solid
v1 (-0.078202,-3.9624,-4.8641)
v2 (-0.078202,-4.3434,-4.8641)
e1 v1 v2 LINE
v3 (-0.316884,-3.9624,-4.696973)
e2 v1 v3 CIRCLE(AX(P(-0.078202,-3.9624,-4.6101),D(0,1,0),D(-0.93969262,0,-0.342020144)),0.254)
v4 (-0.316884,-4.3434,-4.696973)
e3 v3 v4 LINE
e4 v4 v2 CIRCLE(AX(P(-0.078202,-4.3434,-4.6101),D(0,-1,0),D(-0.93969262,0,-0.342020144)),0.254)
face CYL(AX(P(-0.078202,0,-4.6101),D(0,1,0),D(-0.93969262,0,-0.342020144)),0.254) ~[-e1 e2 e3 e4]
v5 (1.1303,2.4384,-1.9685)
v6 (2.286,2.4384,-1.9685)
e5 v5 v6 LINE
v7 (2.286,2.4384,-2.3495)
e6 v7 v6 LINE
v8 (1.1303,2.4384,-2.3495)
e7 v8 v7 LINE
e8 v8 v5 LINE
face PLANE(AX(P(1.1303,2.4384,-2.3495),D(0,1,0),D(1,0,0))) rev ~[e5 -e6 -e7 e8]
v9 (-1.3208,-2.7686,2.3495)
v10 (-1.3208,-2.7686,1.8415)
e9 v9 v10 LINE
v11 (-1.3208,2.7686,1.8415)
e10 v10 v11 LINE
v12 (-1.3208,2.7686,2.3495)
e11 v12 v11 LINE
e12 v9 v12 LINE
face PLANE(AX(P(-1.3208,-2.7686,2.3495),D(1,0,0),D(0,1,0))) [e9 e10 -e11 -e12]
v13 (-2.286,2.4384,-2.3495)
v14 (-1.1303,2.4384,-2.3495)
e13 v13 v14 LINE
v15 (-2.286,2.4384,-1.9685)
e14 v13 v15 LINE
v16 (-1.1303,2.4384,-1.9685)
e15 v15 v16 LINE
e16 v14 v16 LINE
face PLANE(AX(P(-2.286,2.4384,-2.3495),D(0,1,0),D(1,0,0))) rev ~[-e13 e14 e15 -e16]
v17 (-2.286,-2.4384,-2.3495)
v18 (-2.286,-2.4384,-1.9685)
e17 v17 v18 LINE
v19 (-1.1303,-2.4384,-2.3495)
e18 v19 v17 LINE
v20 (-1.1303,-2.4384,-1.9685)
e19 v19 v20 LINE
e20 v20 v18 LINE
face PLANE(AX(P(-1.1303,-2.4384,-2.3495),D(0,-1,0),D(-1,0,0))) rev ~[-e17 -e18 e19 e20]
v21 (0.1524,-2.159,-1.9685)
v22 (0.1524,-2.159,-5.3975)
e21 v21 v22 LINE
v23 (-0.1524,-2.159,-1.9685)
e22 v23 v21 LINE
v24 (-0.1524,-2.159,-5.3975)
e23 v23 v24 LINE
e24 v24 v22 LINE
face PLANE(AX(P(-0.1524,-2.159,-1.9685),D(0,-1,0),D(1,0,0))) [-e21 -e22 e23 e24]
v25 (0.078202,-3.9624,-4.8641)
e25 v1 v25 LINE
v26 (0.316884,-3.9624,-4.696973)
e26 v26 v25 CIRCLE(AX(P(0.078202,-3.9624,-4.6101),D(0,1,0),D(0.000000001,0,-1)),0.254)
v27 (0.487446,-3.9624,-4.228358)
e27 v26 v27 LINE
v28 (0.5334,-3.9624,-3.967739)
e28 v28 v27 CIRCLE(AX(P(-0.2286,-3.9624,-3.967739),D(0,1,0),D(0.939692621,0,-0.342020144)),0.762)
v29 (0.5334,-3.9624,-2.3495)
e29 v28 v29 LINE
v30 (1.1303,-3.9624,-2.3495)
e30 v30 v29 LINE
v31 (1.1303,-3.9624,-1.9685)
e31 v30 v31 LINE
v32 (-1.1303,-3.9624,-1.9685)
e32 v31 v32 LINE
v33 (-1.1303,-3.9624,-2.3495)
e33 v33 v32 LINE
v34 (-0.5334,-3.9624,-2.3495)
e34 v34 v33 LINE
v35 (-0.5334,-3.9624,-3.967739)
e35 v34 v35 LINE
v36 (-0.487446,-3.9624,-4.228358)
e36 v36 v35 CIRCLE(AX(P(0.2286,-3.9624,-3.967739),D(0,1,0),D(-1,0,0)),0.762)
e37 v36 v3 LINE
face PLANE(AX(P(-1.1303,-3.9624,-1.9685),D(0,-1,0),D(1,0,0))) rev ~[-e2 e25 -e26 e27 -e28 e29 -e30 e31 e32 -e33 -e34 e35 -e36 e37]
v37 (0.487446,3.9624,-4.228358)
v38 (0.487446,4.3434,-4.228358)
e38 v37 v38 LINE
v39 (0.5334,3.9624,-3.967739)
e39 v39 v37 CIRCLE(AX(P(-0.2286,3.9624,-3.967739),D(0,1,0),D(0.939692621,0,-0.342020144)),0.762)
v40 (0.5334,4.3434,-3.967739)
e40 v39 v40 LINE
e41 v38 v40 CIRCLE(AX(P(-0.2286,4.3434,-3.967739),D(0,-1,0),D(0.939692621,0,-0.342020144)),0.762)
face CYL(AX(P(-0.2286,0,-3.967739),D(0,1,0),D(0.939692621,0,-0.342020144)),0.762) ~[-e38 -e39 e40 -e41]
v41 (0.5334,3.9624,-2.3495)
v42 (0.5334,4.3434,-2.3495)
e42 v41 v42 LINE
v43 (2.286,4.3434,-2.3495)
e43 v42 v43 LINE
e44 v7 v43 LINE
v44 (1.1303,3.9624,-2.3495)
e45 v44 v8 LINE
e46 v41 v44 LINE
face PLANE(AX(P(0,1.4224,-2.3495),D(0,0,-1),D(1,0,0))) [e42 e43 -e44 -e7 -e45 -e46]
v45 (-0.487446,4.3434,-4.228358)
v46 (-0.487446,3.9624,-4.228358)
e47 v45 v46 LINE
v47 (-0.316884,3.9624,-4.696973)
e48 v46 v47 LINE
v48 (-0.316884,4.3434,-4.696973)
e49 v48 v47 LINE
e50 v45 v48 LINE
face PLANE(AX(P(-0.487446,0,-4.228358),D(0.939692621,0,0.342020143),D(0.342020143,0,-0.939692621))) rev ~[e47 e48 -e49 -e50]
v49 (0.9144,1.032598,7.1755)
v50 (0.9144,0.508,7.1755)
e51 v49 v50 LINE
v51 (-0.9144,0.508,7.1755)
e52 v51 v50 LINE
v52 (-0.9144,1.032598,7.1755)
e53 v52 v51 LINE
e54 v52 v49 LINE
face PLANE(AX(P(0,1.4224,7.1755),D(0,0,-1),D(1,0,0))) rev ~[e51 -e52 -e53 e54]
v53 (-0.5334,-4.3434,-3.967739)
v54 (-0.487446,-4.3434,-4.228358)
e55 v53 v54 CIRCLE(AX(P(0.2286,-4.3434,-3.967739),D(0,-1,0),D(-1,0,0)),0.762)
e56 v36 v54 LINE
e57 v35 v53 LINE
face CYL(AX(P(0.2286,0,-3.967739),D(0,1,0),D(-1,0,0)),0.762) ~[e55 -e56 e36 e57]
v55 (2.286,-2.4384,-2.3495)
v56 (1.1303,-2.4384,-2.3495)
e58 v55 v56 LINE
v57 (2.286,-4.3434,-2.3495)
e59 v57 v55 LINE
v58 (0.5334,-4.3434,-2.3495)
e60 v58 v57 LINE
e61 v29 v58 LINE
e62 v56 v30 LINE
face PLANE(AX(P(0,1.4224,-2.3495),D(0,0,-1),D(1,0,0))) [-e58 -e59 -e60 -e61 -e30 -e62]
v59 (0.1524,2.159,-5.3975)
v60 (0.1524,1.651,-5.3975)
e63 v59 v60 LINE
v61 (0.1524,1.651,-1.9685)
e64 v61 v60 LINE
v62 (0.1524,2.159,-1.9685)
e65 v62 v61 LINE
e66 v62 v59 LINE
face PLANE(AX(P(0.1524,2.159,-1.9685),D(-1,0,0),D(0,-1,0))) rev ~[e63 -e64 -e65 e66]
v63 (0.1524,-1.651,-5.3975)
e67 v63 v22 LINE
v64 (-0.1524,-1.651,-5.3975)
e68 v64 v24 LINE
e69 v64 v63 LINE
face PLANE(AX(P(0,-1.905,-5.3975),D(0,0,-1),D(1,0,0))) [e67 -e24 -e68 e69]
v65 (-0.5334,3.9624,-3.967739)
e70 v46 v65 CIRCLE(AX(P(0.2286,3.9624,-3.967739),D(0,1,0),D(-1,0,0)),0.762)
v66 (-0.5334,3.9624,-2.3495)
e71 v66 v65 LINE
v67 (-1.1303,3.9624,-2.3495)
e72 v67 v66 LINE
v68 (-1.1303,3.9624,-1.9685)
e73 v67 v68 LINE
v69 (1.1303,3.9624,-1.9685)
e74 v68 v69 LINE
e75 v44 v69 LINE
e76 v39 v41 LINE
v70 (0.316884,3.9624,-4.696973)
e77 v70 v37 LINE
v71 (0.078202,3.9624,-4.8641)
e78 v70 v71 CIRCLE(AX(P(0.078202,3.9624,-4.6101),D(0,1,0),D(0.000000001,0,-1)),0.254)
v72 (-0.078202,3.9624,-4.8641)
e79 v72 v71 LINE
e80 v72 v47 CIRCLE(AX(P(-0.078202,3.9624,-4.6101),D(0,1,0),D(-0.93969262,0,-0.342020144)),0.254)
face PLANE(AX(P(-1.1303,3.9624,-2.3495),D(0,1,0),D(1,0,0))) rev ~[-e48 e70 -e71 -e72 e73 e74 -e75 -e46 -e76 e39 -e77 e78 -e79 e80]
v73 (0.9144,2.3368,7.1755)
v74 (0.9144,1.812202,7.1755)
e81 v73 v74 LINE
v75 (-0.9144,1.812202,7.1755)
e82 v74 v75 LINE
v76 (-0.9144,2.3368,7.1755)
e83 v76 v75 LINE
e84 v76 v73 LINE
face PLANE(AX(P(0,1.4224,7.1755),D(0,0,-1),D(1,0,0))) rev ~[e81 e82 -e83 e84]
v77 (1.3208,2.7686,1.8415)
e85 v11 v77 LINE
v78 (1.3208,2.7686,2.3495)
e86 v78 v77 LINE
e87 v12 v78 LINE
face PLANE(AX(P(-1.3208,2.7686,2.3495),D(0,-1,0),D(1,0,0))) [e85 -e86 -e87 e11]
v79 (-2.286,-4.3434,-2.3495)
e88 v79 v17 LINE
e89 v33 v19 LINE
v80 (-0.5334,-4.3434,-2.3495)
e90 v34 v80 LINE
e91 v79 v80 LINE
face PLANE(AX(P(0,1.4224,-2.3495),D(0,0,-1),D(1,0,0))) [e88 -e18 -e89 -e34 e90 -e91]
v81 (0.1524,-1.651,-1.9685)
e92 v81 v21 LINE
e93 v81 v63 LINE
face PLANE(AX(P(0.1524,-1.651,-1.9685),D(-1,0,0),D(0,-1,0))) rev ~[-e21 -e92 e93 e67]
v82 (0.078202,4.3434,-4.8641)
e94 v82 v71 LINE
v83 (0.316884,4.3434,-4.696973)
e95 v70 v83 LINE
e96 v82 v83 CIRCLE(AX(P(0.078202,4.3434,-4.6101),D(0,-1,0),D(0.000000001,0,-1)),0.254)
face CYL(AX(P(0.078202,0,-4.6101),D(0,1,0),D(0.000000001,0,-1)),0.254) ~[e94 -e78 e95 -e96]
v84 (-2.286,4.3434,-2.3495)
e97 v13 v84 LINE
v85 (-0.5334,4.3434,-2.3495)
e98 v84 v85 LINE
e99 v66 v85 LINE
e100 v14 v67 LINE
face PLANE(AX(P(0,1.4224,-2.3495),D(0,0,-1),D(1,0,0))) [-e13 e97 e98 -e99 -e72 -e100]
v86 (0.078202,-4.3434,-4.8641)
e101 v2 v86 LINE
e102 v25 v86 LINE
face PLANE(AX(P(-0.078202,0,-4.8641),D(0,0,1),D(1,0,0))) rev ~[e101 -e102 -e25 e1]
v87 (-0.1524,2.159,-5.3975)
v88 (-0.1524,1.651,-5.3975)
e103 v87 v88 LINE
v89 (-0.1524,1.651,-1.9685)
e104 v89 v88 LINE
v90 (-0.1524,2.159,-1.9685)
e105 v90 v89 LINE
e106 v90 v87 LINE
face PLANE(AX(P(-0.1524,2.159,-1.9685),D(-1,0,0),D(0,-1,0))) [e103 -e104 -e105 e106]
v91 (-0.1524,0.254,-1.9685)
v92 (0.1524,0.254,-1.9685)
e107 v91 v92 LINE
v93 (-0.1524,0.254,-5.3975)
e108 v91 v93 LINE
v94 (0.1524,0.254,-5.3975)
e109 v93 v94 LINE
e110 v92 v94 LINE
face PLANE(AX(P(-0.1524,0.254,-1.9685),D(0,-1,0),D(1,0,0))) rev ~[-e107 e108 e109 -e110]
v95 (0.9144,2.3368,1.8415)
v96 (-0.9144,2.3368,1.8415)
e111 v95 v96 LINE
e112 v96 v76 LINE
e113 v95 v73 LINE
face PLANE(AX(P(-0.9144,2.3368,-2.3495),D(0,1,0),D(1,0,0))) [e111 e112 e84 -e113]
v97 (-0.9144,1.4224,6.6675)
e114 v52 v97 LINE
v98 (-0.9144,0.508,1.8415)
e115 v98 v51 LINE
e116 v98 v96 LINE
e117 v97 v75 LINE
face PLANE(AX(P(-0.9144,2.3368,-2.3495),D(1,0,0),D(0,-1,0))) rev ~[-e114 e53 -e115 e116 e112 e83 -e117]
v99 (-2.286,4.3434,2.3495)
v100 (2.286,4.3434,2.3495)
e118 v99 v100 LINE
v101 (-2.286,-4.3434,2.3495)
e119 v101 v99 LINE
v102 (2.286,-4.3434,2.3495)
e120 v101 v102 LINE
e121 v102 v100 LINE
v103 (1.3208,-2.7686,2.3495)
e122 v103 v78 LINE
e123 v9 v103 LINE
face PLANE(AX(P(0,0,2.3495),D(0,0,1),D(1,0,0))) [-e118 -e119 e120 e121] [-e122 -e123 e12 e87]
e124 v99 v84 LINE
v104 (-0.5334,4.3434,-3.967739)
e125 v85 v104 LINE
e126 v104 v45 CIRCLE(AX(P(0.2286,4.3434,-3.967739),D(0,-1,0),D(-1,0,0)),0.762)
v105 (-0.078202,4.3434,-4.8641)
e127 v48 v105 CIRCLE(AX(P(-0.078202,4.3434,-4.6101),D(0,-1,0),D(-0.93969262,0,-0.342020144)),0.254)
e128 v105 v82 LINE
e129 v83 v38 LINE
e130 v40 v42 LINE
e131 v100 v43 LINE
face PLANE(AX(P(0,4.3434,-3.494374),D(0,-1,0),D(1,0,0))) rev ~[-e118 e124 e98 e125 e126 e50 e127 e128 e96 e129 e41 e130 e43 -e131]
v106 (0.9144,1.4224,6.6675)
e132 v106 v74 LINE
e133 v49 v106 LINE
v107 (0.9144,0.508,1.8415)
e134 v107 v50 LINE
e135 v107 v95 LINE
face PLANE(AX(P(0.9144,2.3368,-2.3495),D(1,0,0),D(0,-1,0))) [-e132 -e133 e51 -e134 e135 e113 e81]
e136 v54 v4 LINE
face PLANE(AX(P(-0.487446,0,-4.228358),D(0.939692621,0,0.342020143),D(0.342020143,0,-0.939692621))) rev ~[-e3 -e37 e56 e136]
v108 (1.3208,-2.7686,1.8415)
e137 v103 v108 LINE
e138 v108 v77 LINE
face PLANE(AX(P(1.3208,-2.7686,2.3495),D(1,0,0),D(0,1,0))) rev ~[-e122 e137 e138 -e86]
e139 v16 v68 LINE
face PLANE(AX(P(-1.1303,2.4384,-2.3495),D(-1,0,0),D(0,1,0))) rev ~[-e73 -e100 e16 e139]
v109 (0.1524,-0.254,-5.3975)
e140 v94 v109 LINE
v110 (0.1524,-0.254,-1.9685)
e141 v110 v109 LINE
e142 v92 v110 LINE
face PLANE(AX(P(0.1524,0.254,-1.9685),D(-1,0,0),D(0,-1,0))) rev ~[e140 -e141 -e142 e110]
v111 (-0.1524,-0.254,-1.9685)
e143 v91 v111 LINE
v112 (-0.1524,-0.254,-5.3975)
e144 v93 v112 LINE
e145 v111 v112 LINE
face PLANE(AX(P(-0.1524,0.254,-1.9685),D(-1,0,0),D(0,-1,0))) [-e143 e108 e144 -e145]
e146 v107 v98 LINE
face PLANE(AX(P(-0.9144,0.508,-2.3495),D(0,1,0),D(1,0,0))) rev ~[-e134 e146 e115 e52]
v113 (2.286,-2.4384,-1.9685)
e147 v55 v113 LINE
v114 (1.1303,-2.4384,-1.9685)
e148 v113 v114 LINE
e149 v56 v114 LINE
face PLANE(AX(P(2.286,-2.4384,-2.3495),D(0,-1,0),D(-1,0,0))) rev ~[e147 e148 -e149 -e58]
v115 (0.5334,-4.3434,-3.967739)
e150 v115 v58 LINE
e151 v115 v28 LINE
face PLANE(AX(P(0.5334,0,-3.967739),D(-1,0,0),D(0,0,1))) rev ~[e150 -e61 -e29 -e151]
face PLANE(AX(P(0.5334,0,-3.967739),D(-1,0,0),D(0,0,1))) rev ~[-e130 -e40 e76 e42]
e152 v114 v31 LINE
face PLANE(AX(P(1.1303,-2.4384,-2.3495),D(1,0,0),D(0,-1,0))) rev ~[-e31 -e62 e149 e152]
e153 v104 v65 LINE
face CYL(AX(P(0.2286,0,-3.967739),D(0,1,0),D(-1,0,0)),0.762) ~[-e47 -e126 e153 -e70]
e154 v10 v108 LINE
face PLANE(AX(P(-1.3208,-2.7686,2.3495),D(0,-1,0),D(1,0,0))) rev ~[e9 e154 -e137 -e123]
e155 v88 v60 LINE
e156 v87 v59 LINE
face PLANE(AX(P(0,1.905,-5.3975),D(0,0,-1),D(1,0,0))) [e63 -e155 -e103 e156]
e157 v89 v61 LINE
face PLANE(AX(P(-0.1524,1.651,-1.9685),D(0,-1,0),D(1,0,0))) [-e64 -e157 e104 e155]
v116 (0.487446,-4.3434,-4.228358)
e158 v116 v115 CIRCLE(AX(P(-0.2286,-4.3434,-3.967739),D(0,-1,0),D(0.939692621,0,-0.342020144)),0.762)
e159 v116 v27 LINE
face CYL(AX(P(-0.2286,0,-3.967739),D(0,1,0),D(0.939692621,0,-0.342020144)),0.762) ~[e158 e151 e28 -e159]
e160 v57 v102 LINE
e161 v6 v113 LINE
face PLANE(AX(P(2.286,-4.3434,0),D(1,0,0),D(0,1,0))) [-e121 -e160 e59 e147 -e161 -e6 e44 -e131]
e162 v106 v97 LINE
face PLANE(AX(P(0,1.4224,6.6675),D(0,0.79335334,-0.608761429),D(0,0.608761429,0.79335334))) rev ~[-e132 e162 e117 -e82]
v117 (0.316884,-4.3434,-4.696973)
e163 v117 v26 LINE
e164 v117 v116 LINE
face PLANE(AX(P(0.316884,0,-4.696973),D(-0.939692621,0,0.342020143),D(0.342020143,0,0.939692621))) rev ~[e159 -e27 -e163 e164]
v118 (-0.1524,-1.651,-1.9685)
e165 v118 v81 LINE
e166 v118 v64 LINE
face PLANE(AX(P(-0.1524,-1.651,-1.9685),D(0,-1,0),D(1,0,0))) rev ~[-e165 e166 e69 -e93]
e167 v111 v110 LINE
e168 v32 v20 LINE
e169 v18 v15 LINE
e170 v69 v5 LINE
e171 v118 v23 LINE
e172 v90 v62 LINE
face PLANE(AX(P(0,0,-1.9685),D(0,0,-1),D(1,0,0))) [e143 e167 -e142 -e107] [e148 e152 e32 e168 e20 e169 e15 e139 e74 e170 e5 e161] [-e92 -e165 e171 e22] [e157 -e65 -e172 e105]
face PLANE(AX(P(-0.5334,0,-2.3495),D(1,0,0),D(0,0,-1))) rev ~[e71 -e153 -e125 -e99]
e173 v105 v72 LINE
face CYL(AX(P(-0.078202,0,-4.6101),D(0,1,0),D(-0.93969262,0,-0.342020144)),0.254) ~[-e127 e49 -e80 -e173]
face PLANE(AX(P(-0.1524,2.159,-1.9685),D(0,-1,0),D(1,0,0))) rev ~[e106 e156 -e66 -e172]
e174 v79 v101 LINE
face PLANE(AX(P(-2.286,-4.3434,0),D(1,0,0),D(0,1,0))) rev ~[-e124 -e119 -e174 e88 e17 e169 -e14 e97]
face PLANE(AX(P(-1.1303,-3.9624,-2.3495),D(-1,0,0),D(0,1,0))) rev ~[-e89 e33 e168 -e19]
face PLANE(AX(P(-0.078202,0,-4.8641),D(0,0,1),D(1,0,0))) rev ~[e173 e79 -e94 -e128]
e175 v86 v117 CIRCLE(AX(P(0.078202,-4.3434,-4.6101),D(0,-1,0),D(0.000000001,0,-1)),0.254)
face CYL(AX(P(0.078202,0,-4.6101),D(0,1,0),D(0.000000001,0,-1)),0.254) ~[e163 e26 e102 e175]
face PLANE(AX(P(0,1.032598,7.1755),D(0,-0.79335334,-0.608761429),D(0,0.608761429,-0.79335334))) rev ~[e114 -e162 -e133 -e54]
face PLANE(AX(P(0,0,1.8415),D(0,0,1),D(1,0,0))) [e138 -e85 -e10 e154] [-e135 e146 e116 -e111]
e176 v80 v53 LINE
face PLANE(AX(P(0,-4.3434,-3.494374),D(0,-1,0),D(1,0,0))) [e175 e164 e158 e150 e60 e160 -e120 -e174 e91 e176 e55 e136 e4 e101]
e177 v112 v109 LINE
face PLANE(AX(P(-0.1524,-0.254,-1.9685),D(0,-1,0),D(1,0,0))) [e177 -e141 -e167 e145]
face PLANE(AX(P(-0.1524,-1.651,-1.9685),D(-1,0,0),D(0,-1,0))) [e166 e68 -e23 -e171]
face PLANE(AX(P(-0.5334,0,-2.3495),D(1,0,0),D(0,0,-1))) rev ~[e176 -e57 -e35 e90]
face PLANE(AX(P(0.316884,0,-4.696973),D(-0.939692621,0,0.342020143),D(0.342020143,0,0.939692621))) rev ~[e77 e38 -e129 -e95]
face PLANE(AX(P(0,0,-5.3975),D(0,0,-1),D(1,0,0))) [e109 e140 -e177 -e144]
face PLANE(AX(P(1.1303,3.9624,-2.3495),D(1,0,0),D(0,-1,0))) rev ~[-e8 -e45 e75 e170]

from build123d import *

# Parameters (mm, degrees)
F0_W           = 4.572
F0_H           = 8.6868
F1_DEPTH       = 2.3495
F2_W           = 2.6416
F2_H           = 5.5372
F3_DEPTH       = 0.508
F4_W           = 1.8288
F4_H           = 1.8288
F5_DEPTH       = 9.525
F7_DEPTH       = 12.7
F9_DEPTH       = 0.381
F11_DEPTH      = 4.3434
F11_DEPTH_BACK = 4.3434
F12_W          = 2.2606
F12_H          = 7.9248
F13_DEPTH      = 2.8966
F14_W          = 0.3048
F14_H          = 0.508
F15_DEPTH      = 3.429


with BuildPart() as f1:
    # F0 (on Top) → F1 (new body, symmetric)
    with BuildSketch(Plane.XY):
        Rectangle(F0_W, F0_H)
    extrude(amount=F1_DEPTH, both=True)

    # F2 (on face) → F3 (cut)
    with BuildSketch(Plane.XY.offset(2.3495)):
        Rectangle(F2_W, F2_H)
    extrude(amount=-F3_DEPTH, mode=Mode.SUBTRACT)

    # F4 (on face) → F5 (join)
    with BuildSketch(Plane(origin=(0, 0, -2.3495), x_dir=(1, 0, 0), z_dir=(0, 0, -1))):
        with Locations((0, -1.4224)):
            Rectangle(F4_W, F4_H)
    extrude(amount=-F5_DEPTH)

    # F6 (on Right) → F7 (cut, symmetric)
    with BuildSketch(Plane.YZ):
        Polygon((1.8122021099, 7.1755), (1.0325978901, 7.1755), (1.4224, 6.6675), align=None)
    extrude(amount=F7_DEPTH, both=True, mode=Mode.SUBTRACT)

    # F8 (on face) → F9 (cut)
    with BuildSketch(Plane(origin=(0, 0, -2.3495), x_dir=(1, 0, 0), z_dir=(0, 0, -1))):
        Polygon((1.1303, 3.9624), (-1.1303, 3.9624), (-1.1303, 2.4384), (-2.286, 2.4384), (-2.286, 0), (-2.286, -2.4384), (-1.1303, -2.4384), (-1.1303, -3.9624), (1.1303, -3.9624), (1.1303, -2.4384), (2.286, -2.4384), (2.286, 0), (2.286, 2.4384), (1.1303, 2.4384), align=None)
    extrude(amount=-F9_DEPTH, mode=Mode.SUBTRACT)

    # F10 (on Front) → F11 (join, two sides)
    with BuildSketch(Plane.XZ) as f11_sk:
        with BuildLine():
            Line((0.5334, -3.9677388407), (0.5334, -2.3495))
            Line((0.5334, -2.3495), (-0.5334, -2.3495))
            Line((-0.5334, -2.3495), (-0.5334, -3.9677388407))
            ThreePointArc((-0.5334, -3.9677388407), (-0.5218235078, -4.1000587521), (-0.487445777, -4.2283581899))
            Line((-0.487445777, -4.2283581899), (-0.3168838925, -4.6969731164))
            ThreePointArc((-0.3168838925, -4.6969731164), (-0.2238903816, -4.8181646192), (-0.0782019668, -4.8641))
            Line((-0.0782019668, -4.8641), (0.0782019668, -4.8641))
            ThreePointArc((0.0782019668, -4.8641), (0.2238903816, -4.8181646192), (0.3168838925, -4.6969731164))
            Line((0.3168838925, -4.6969731164), (0.487445777, -4.2283581899))
            ThreePointArc((0.487445777, -4.2283581899), (0.5218235078, -4.1000587521), (0.5334, -3.9677388407))
        make_face()
    extrude(amount=-F11_DEPTH)
    extrude(f11_sk.sketch, amount=F11_DEPTH_BACK)

    # F12 (on face) → F13 (cut, through all)
    with BuildSketch(Plane(origin=(0, 0, -1.9685), x_dir=(1, 0, 0), z_dir=(0, 0, -1))):
        Rectangle(F12_W, F12_H)
    extrude(amount=F13_DEPTH, mode=Mode.SUBTRACT)

    # F14 (on face) → F15 (join)
    with BuildSketch(Plane(origin=(0, 0, -1.9685), x_dir=(1, 0, 0), z_dir=(0, 0, -1))):
        with Locations((0, 1.905)):
            Rectangle(F14_W, F14_H)
        Rectangle(F14_W, F14_H)
        with Locations((0, -1.905)):
            Rectangle(F14_W, F14_H)
    extrude(amount=F15_DEPTH)


solid = f1.part
